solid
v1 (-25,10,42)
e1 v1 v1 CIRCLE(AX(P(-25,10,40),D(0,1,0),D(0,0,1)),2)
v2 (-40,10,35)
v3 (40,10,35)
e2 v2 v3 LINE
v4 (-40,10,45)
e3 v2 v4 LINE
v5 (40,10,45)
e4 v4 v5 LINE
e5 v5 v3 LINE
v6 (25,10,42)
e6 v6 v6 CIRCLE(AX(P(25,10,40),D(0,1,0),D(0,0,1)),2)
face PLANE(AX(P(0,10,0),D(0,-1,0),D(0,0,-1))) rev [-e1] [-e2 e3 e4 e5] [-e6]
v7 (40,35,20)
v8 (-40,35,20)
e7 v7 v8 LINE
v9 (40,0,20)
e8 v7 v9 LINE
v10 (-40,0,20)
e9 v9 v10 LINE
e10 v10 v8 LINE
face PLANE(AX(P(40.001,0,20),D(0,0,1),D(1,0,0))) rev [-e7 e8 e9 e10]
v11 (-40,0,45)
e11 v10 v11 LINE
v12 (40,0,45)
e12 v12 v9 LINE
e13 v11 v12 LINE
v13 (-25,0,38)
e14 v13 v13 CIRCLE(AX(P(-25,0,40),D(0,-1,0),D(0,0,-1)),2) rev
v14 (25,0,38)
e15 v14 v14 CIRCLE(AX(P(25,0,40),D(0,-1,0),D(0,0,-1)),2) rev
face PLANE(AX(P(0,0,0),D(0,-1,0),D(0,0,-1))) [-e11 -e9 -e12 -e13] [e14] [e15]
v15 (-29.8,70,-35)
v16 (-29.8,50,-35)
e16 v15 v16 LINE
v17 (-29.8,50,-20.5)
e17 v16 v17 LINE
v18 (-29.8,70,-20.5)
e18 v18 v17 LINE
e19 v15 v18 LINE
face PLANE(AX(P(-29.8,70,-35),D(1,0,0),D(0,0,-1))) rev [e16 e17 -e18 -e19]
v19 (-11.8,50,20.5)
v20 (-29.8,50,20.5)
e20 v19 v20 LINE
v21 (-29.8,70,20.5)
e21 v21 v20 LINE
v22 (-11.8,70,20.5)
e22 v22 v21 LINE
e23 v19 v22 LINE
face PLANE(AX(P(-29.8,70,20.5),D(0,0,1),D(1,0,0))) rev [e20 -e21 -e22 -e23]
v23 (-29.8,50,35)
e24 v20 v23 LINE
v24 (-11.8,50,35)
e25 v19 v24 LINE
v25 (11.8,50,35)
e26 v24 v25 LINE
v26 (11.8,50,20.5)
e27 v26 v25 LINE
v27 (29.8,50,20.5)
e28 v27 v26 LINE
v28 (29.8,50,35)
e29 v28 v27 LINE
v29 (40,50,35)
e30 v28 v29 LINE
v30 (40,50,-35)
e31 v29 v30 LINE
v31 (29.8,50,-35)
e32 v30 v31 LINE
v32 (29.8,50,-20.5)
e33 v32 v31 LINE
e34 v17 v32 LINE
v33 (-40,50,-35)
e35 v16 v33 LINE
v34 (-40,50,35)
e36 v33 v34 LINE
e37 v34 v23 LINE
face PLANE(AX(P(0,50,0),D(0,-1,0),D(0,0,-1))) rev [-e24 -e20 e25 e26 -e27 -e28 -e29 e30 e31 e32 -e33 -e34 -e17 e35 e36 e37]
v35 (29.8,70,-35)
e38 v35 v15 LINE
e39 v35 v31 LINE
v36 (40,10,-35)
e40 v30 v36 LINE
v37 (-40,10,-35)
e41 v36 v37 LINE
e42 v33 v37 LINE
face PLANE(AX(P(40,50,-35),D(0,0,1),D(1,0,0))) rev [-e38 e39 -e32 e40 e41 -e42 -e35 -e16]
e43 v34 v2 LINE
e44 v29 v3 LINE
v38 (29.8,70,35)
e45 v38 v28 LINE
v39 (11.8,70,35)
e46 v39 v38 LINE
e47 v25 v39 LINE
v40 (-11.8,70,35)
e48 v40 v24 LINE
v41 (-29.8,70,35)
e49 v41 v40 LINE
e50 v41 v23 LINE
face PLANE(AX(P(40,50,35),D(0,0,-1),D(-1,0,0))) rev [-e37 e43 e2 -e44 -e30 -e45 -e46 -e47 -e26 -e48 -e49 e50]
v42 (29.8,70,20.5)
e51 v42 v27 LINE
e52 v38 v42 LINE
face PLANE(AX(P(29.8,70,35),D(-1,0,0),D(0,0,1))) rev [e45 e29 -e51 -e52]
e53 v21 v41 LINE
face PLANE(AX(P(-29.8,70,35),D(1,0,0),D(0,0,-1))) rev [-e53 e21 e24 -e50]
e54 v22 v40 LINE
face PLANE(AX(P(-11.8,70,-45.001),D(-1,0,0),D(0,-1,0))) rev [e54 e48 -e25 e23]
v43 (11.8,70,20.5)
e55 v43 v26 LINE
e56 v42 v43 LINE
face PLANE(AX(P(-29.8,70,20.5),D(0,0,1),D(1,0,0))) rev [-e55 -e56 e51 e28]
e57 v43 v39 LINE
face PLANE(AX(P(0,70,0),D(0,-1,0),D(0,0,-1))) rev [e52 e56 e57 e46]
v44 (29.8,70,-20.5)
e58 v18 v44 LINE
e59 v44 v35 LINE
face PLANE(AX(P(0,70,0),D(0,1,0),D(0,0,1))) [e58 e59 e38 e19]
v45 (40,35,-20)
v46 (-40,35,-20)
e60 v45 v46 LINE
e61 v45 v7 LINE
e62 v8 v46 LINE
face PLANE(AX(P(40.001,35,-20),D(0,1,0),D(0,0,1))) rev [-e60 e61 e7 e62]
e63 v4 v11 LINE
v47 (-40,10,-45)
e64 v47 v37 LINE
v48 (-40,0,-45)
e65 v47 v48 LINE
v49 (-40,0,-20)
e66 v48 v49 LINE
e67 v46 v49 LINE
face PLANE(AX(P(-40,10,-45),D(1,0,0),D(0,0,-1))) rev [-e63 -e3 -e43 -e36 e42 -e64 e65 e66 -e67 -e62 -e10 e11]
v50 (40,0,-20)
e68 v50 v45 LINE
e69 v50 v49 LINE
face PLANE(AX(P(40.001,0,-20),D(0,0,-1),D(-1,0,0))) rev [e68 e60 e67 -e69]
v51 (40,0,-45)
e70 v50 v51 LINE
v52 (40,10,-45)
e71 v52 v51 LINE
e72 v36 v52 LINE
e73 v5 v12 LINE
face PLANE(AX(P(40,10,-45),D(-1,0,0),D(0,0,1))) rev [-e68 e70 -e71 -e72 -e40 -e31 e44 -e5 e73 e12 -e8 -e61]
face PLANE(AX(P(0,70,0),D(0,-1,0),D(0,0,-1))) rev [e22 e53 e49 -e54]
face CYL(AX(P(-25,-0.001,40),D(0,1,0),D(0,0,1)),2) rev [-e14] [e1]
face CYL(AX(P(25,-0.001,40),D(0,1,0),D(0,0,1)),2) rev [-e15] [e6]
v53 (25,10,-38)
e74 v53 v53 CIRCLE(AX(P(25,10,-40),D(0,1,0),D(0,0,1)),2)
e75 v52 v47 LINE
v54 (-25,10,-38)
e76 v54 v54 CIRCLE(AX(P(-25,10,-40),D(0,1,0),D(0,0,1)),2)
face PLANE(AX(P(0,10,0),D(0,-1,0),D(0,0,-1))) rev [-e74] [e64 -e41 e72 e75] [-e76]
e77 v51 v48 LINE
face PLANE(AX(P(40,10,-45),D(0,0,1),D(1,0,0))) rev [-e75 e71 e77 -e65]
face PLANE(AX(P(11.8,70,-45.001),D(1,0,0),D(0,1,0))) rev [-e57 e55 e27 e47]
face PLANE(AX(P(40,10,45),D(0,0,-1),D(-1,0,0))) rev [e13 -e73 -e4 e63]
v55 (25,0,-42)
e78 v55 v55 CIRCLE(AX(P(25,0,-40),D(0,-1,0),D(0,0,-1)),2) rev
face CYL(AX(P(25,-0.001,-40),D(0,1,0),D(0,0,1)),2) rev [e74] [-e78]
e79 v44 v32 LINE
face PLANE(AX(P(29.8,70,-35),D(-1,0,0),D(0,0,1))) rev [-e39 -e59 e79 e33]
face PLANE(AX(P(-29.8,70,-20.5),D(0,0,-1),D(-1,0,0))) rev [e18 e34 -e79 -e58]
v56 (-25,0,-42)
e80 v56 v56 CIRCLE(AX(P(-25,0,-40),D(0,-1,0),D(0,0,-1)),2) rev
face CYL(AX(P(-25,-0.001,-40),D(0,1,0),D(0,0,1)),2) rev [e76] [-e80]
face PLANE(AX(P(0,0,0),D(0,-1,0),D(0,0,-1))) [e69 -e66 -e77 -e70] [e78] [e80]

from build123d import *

# Parameters (mm, degrees)
SKETCH1_W           = 80
SKETCH1_H           = 90
BOSS_EXTRUDE1_DEPTH = 10
SKETCH2_W           = 80
SKETCH2_H           = 70
BOSS_EXTRUDE2_DEPTH = 40
SKETCH3_W           = 59.6
SKETCH3_H           = 14.5
BOSS_EXTRUDE3_DEPTH = 20
CUT_EXTRUDE1_REACH  = 115.578
SKETCH6_W           = 23.6
SKETCH6_H           = 20
CUT_EXTRUDE2_REACH  = 117.434
SKETCH7_W           = 40
SKETCH7_H           = 35
CUT_EXTRUDE3_REACH  = 87
SKETCH8_R           = 2


with BuildPart() as part:
    # Sketch1 → Boss-Extrude1 (new body)
    with BuildSketch(Plane(origin=(0, 0, 0), x_dir=(1, 0, 0), z_dir=(0, 1, 0))):
        Rectangle(SKETCH1_W, SKETCH1_H)
    extrude(amount=BOSS_EXTRUDE1_DEPTH)

    # Sketch2 → Boss-Extrude2 (add)
    with BuildSketch(Plane(origin=(0, 10, 0), x_dir=(1, 0, 0), z_dir=(0, 1, 0))):
        Rectangle(SKETCH2_W, SKETCH2_H)
    extrude(amount=BOSS_EXTRUDE2_DEPTH)

    # Sketch3 → Boss-Extrude3 (add)
    with BuildSketch(Plane(origin=(0, 50, 0), x_dir=(1, 0, 0), z_dir=(0, 1, 0))):
        with Locations((0, -27.75)):
            Rectangle(SKETCH3_W, SKETCH3_H)
        with Locations((0, 27.75)):
            Rectangle(SKETCH3_W, SKETCH3_H)
    extrude(amount=BOSS_EXTRUDE3_DEPTH)

    # Sketch6 → Cut-Extrude1 (cut, up to next)
    with BuildSketch(Plane.XY.offset(35), mode=Mode.PRIVATE) as cut_extrude1_sk1:
        with Locations((0, 60)):
            Rectangle(SKETCH6_W, SKETCH6_H)
    cut_extrude1_tool1 = extrude(cut_extrude1_sk1.sketch, amount=-CUT_EXTRUDE1_REACH, mode=Mode.PRIVATE) & part.part
    add(cut_extrude1_tool1.solids().sort_by_distance((0, 60, 35))[0], mode=Mode.SUBTRACT)

    # Sketch7 → Cut-Extrude2 (cut, up to next)
    with BuildSketch(Plane.ZY.offset(40), mode=Mode.PRIVATE) as cut_extrude2_sk1:
        with Locations((0, 17.5)):
            Rectangle(SKETCH7_W, SKETCH7_H)
    cut_extrude2_tool1 = extrude(cut_extrude2_sk1.sketch, amount=-CUT_EXTRUDE2_REACH, mode=Mode.PRIVATE) & part.part
    add(cut_extrude2_tool1.solids().sort_by_distance((-40, 17.5, 0))[0], mode=Mode.SUBTRACT)

    # Sketch8 → Cut-Extrude3 (cut, up to next)
    with BuildSketch(Plane(origin=(0, 10, 0), x_dir=(1, 0, 0), z_dir=(0, 1, 0)), mode=Mode.PRIVATE) as cut_extrude3_sk1:
        with Locations(Location((-25, -40, 0), (0, 0, 270))):
            Circle(SKETCH8_R)
    cut_extrude3_tool1 = extrude(cut_extrude3_sk1.sketch, amount=-CUT_EXTRUDE3_REACH, mode=Mode.PRIVATE) & part.part
    # Sketch8 → Cut-Extrude3 (cut, up to next)
    with BuildSketch(Plane(origin=(0, 10, 0), x_dir=(1, 0, 0), z_dir=(0, 1, 0)), mode=Mode.PRIVATE) as cut_extrude3_sk2:
        with Locations(Location((25, -40, 0), (0, 0, 270))):
            Circle(SKETCH8_R)
    cut_extrude3_tool2 = extrude(cut_extrude3_sk2.sketch, amount=-CUT_EXTRUDE3_REACH, mode=Mode.PRIVATE) & part.part
    # Sketch8 → Cut-Extrude3 (cut, up to next)
    with BuildSketch(Plane(origin=(0, 10, 0), x_dir=(1, 0, 0), z_dir=(0, 1, 0)), mode=Mode.PRIVATE) as cut_extrude3_sk3:
        with Locations(Location((25, 40, 0), (0, 0, 270))):
            Circle(SKETCH8_R)
    cut_extrude3_tool3 = extrude(cut_extrude3_sk3.sketch, amount=-CUT_EXTRUDE3_REACH, mode=Mode.PRIVATE) & part.part
    # Sketch8 → Cut-Extrude3 (cut, up to next)
    with BuildSketch(Plane(origin=(0, 10, 0), x_dir=(1, 0, 0), z_dir=(0, 1, 0)), mode=Mode.PRIVATE) as cut_extrude3_sk4:
        with Locations(Location((-25, 40, 0), (0, 0, 270))):
            Circle(SKETCH8_R)
    cut_extrude3_tool4 = extrude(cut_extrude3_sk4.sketch, amount=-CUT_EXTRUDE3_REACH, mode=Mode.PRIVATE) & part.part
    add(cut_extrude3_tool1.solids().sort_by_distance((-25, 10, 40))[0], mode=Mode.SUBTRACT)
    add(cut_extrude3_tool2.solids().sort_by_distance((25, 10, 40))[0], mode=Mode.SUBTRACT)
    add(cut_extrude3_tool3.solids().sort_by_distance((25, 10, -40))[0], mode=Mode.SUBTRACT)
    add(cut_extrude3_tool4.solids().sort_by_distance((-25, 10, -40))[0], mode=Mode.SUBTRACT)


solid = part.part
